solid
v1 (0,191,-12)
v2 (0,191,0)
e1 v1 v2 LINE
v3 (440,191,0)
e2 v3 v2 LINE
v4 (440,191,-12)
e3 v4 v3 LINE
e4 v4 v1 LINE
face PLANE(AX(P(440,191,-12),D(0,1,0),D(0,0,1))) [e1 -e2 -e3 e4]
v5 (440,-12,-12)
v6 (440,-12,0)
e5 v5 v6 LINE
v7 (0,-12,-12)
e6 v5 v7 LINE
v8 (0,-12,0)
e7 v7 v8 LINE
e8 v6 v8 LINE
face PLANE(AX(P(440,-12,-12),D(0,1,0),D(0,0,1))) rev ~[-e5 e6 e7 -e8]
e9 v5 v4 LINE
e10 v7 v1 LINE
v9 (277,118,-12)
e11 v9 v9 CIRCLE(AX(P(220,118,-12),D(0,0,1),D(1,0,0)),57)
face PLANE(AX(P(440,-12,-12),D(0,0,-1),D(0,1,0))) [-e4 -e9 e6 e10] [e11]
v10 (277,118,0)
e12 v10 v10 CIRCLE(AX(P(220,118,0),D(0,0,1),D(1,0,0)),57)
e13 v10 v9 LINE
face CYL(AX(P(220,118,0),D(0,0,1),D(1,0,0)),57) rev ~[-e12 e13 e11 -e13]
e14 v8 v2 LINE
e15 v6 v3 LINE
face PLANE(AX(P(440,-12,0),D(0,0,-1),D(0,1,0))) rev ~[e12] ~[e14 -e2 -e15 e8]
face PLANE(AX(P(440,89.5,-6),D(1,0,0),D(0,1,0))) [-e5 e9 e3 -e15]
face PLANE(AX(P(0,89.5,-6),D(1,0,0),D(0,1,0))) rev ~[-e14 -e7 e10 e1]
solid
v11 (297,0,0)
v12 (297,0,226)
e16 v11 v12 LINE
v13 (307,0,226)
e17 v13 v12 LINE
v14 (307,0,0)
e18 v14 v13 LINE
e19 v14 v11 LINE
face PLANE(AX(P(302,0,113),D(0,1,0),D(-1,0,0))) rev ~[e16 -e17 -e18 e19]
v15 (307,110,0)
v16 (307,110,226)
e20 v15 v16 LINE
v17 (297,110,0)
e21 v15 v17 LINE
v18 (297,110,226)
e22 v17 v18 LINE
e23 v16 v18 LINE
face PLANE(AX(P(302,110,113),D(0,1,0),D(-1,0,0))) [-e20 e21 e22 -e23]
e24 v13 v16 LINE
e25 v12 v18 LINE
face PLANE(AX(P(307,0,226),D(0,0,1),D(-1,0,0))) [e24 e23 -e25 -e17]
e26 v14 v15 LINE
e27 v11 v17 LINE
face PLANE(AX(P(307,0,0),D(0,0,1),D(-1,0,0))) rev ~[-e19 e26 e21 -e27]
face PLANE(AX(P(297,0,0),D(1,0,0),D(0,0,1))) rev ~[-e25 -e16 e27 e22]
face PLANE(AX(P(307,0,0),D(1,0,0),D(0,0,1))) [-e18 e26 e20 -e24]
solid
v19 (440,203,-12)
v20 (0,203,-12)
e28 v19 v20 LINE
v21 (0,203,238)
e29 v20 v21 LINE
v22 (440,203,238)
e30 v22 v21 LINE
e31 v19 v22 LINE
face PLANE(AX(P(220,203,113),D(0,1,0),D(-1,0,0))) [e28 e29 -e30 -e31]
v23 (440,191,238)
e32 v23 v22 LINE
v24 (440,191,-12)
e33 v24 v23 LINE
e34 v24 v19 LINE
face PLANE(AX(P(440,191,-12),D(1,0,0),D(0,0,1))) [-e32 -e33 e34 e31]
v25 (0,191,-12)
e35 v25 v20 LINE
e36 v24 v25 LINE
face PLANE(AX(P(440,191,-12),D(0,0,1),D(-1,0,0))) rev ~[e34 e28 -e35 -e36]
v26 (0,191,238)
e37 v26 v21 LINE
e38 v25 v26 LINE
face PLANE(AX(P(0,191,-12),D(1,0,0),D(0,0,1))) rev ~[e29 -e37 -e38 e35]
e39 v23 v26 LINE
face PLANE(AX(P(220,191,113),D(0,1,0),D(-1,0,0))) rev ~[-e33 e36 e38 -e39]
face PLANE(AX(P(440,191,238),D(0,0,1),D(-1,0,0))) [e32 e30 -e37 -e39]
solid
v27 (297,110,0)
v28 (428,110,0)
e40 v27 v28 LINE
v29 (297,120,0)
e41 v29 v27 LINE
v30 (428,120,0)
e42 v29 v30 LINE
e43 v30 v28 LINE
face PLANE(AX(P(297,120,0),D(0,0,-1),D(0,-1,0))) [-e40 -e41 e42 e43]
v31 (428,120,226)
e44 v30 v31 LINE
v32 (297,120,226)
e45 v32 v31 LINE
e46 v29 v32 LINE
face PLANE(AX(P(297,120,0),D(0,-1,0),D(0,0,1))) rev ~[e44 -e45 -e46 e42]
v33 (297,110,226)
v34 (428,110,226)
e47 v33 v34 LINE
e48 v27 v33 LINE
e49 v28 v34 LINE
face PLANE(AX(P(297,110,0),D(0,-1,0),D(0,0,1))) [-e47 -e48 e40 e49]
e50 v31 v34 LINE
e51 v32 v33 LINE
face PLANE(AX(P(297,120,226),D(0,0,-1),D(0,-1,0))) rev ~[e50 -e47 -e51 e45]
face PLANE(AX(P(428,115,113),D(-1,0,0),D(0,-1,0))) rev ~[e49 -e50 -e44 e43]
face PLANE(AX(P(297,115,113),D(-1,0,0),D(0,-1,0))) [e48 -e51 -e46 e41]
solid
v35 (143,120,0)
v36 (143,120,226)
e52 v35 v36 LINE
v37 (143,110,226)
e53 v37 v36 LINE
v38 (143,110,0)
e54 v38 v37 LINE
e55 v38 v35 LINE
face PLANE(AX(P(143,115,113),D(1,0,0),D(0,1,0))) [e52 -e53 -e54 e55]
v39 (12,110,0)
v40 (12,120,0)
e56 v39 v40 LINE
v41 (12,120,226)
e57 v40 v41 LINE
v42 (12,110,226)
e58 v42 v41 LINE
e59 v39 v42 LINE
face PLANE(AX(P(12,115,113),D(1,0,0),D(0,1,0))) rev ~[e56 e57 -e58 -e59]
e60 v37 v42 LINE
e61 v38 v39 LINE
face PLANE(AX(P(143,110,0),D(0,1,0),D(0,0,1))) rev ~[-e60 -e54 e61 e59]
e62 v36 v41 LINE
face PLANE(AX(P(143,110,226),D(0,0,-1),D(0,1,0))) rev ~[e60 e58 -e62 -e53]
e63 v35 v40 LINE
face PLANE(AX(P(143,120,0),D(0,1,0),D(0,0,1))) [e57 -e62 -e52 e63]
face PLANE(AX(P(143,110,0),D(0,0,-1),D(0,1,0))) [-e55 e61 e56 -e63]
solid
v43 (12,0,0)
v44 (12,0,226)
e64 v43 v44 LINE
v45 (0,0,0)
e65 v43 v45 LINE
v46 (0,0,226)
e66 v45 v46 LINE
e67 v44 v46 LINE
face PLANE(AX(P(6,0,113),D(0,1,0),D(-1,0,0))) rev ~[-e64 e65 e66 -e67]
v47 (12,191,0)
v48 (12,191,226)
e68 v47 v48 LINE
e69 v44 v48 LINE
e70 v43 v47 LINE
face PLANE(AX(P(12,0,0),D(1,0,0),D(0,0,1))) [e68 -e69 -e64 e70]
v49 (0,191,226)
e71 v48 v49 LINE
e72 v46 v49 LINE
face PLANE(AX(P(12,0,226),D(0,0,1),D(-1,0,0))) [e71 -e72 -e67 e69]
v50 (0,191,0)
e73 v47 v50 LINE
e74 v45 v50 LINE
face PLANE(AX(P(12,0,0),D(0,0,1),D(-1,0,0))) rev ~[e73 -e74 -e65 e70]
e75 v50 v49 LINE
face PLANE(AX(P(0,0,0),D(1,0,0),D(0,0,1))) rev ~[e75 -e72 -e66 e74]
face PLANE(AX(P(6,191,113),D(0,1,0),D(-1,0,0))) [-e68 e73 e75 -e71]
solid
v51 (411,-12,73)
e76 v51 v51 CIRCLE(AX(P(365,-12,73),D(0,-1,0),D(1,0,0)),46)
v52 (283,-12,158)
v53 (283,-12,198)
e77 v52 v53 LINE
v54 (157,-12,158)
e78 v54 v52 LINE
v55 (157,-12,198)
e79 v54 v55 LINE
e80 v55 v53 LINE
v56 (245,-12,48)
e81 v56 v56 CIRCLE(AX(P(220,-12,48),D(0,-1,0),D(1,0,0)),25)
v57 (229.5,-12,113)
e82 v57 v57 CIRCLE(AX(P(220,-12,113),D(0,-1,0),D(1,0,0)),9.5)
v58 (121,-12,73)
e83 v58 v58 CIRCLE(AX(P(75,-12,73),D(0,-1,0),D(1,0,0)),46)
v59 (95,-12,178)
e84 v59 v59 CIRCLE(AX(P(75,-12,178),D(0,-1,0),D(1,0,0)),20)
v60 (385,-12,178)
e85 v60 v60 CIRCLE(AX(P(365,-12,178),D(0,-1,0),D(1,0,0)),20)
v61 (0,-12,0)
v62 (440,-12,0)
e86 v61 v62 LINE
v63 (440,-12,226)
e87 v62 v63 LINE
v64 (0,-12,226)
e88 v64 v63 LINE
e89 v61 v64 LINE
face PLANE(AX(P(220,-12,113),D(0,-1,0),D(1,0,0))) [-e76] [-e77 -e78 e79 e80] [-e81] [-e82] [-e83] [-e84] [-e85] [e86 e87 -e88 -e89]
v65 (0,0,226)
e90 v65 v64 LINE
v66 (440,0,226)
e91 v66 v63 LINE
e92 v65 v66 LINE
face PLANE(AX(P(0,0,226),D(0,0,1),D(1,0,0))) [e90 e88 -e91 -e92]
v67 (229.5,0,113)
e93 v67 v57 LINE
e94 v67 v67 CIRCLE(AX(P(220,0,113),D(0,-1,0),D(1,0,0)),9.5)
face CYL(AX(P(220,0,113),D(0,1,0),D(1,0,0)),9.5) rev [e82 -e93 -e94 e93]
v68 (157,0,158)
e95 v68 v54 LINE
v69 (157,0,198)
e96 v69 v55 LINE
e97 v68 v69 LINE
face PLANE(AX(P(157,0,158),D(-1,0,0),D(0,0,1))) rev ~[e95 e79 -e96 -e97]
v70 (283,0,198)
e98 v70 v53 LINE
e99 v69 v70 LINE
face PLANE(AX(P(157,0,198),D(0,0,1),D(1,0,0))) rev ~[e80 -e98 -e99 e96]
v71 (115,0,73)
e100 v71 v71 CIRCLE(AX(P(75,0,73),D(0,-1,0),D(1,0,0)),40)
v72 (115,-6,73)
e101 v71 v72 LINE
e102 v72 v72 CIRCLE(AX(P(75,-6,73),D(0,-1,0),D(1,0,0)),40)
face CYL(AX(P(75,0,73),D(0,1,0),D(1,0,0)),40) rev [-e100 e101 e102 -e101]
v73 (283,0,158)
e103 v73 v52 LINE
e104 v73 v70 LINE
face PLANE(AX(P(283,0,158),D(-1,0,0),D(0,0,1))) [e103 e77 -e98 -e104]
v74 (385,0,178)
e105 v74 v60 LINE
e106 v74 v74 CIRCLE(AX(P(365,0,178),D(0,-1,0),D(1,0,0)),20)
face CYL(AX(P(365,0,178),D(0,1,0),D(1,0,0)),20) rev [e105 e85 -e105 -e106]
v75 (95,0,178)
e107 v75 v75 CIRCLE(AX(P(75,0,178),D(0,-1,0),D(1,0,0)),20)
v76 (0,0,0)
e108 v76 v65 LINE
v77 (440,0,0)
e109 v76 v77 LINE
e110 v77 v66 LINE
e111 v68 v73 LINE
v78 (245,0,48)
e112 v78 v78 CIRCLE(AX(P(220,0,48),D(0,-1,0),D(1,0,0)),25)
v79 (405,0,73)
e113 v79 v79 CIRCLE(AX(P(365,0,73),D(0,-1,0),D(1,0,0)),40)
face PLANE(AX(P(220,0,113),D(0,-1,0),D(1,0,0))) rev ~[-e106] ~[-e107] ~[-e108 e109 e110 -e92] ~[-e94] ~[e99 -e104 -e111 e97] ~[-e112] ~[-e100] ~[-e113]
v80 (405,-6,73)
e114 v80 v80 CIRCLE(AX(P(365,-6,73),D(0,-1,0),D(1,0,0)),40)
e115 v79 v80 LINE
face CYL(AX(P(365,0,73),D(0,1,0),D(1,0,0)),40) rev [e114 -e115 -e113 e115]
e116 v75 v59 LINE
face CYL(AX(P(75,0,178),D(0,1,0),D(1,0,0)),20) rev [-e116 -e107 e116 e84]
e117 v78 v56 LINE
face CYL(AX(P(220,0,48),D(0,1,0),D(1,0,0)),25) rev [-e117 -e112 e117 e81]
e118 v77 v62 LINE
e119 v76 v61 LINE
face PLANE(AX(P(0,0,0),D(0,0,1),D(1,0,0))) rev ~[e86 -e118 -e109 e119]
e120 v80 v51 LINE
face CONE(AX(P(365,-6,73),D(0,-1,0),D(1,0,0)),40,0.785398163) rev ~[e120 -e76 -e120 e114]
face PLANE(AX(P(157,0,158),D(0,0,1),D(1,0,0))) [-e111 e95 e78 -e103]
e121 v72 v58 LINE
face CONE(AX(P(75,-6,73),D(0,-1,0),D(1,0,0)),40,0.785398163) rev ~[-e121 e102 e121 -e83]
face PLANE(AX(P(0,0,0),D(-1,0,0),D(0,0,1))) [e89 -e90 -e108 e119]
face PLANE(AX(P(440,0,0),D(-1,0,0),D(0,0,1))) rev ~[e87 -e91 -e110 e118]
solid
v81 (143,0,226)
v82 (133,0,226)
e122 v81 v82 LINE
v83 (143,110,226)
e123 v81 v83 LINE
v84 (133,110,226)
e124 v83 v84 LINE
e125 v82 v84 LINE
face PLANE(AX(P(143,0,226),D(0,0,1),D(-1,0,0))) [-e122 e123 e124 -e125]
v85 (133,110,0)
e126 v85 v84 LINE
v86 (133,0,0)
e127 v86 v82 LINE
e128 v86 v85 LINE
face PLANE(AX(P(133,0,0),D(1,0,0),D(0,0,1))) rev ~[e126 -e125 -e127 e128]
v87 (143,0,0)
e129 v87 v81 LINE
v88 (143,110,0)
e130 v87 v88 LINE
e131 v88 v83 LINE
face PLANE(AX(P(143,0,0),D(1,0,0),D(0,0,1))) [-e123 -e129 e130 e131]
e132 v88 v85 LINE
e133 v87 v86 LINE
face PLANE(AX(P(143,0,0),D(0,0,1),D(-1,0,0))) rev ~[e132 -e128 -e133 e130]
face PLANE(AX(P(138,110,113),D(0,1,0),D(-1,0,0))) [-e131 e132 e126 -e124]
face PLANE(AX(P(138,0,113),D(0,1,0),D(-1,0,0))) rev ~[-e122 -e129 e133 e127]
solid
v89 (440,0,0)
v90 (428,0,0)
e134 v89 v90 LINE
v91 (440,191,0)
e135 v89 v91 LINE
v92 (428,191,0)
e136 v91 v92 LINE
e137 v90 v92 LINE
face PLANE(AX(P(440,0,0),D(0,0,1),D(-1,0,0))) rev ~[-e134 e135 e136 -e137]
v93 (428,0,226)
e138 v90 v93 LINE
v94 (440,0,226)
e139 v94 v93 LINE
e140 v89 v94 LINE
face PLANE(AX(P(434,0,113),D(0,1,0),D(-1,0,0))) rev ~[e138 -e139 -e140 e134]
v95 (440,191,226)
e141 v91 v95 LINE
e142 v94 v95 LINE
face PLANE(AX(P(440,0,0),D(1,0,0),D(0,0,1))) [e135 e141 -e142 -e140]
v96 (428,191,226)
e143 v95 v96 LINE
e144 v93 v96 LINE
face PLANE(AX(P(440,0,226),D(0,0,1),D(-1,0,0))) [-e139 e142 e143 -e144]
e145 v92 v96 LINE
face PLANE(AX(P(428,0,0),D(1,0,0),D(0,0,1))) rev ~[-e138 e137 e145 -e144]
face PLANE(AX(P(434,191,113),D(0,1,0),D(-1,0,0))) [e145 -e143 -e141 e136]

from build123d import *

# Parameters (mm, degrees)
F0_W      = 440
F0_H      = 226
F0_R      = 40
F0_R_2    = 25
F0_R_3    = 20
F0_R_4    = 9.5
F0_W_2    = 126
F0_H_2    = 40
F1_DEPTH  = 12
F2_W      = 12
F2_H      = 226
F3_DEPTH  = 191
F4_W      = 10
F4_H      = 226
F5_DEPTH  = 110
F6_W      = 10
F6_H      = 226
F7_DEPTH  = 131
F8_W      = 10
F8_H      = 226
F9_DEPTH  = 131
F10_W     = 203
F10_H     = 12
F11_DEPTH = 440
F12_W     = 440
F12_H     = 250
F13_DEPTH = 12
F14_R     = 57
F15_DEPTH = 12
F16_SIZE  = 6


with BuildPart() as f1:
    # F0 (on Front) → F1 (new body)
    with BuildSketch(Plane.XZ):
        with Locations((220, 113)):
            Rectangle(F0_W, F0_H)
        with Locations((75, 73)):
            Circle(F0_R, mode=Mode.SUBTRACT)
        with Locations((220, 48)):
            Circle(F0_R_2, mode=Mode.SUBTRACT)
        with Locations((365, 73)):
            Circle(F0_R, mode=Mode.SUBTRACT)
        with Locations((75, 178)):
            Circle(F0_R_3, mode=Mode.SUBTRACT)
        with Locations((220, 113)):
            Circle(F0_R_4, mode=Mode.SUBTRACT)
        with Locations((220, 178)):
            Rectangle(F0_W_2, F0_H_2, mode=Mode.SUBTRACT)
        with Locations((365, 178)):
            Circle(F0_R_3, mode=Mode.SUBTRACT)
    extrude(amount=F1_DEPTH)

    # F16
    f16_edges = [f1.edges().sort_by_distance(p)[0] for p in [
        (325, -12, 73),
        (35, -12, 73),
    ]]
    chamfer(f16_edges, length=F16_SIZE)


with BuildPart() as f3:
    # F2 (on face) → F3 (new body)
    with BuildSketch(Plane(origin=(0, 0, 0), x_dir=(-1, 0, 0), z_dir=(0, 1, 0))):
        with Locations((-434, 113)):
            Rectangle(F2_W, F2_H)
        with Locations((-6, 113)):
            Rectangle(F2_W, F2_H)
    extrude(amount=F3_DEPTH)


with BuildPart() as f5:
    # F4 (on face) → F5 (new body)
    with BuildSketch(Plane(origin=(0, 0, 0), x_dir=(-1, 0, 0), z_dir=(0, 1, 0))):
        with Locations((-302, 113)):
            Rectangle(F4_W, F4_H)
        with Locations((-138, 113)):
            Rectangle(F4_W, F4_H)
    extrude(amount=F5_DEPTH)


with BuildPart() as f7:
    # F6 (on face) → F7 (new body, through all)
    with BuildSketch(Plane(origin=(297, 0, 0), x_dir=(0, -1, 0), z_dir=(-1, 0, 0))):
        with Locations((-115, 113)):
            Rectangle(F6_W, F6_H)
    extrude(amount=-F7_DEPTH)


with BuildPart() as f9:
    # F8 (on face) → F9 (new body, through all)
    with BuildSketch(Plane.YZ.offset(143)):
        with Locations((115, 113)):
            Rectangle(F8_W, F8_H)
    extrude(amount=-F9_DEPTH)


with BuildPart() as f11:
    # F10 (on face) → F11 (new body)
    with BuildSketch(Plane.YZ.offset(440)):
        with Locations((89.5, -6)):
            Rectangle(F10_W, F10_H)
    extrude(amount=-F11_DEPTH)

    # F14 (on face) → F15 (cut)
    with BuildSketch(Plane.XY):
        with Locations((220, 118)):
            Circle(F14_R)
    extrude(amount=-F15_DEPTH, mode=Mode.SUBTRACT)


with BuildPart() as f13:
    # F12 (on face) → F13 (new body)
    with BuildSketch(Plane(origin=(0, 191, 0), x_dir=(-1, 0, 0), z_dir=(0, 1, 0))):
        with Locations((-220, 113)):
            Rectangle(F12_W, F12_H)
    extrude(amount=F13_DEPTH)


solid = Compound([f1.part, f3.part, f5.part, f7.part, f9.part, f11.part, f13.part])
